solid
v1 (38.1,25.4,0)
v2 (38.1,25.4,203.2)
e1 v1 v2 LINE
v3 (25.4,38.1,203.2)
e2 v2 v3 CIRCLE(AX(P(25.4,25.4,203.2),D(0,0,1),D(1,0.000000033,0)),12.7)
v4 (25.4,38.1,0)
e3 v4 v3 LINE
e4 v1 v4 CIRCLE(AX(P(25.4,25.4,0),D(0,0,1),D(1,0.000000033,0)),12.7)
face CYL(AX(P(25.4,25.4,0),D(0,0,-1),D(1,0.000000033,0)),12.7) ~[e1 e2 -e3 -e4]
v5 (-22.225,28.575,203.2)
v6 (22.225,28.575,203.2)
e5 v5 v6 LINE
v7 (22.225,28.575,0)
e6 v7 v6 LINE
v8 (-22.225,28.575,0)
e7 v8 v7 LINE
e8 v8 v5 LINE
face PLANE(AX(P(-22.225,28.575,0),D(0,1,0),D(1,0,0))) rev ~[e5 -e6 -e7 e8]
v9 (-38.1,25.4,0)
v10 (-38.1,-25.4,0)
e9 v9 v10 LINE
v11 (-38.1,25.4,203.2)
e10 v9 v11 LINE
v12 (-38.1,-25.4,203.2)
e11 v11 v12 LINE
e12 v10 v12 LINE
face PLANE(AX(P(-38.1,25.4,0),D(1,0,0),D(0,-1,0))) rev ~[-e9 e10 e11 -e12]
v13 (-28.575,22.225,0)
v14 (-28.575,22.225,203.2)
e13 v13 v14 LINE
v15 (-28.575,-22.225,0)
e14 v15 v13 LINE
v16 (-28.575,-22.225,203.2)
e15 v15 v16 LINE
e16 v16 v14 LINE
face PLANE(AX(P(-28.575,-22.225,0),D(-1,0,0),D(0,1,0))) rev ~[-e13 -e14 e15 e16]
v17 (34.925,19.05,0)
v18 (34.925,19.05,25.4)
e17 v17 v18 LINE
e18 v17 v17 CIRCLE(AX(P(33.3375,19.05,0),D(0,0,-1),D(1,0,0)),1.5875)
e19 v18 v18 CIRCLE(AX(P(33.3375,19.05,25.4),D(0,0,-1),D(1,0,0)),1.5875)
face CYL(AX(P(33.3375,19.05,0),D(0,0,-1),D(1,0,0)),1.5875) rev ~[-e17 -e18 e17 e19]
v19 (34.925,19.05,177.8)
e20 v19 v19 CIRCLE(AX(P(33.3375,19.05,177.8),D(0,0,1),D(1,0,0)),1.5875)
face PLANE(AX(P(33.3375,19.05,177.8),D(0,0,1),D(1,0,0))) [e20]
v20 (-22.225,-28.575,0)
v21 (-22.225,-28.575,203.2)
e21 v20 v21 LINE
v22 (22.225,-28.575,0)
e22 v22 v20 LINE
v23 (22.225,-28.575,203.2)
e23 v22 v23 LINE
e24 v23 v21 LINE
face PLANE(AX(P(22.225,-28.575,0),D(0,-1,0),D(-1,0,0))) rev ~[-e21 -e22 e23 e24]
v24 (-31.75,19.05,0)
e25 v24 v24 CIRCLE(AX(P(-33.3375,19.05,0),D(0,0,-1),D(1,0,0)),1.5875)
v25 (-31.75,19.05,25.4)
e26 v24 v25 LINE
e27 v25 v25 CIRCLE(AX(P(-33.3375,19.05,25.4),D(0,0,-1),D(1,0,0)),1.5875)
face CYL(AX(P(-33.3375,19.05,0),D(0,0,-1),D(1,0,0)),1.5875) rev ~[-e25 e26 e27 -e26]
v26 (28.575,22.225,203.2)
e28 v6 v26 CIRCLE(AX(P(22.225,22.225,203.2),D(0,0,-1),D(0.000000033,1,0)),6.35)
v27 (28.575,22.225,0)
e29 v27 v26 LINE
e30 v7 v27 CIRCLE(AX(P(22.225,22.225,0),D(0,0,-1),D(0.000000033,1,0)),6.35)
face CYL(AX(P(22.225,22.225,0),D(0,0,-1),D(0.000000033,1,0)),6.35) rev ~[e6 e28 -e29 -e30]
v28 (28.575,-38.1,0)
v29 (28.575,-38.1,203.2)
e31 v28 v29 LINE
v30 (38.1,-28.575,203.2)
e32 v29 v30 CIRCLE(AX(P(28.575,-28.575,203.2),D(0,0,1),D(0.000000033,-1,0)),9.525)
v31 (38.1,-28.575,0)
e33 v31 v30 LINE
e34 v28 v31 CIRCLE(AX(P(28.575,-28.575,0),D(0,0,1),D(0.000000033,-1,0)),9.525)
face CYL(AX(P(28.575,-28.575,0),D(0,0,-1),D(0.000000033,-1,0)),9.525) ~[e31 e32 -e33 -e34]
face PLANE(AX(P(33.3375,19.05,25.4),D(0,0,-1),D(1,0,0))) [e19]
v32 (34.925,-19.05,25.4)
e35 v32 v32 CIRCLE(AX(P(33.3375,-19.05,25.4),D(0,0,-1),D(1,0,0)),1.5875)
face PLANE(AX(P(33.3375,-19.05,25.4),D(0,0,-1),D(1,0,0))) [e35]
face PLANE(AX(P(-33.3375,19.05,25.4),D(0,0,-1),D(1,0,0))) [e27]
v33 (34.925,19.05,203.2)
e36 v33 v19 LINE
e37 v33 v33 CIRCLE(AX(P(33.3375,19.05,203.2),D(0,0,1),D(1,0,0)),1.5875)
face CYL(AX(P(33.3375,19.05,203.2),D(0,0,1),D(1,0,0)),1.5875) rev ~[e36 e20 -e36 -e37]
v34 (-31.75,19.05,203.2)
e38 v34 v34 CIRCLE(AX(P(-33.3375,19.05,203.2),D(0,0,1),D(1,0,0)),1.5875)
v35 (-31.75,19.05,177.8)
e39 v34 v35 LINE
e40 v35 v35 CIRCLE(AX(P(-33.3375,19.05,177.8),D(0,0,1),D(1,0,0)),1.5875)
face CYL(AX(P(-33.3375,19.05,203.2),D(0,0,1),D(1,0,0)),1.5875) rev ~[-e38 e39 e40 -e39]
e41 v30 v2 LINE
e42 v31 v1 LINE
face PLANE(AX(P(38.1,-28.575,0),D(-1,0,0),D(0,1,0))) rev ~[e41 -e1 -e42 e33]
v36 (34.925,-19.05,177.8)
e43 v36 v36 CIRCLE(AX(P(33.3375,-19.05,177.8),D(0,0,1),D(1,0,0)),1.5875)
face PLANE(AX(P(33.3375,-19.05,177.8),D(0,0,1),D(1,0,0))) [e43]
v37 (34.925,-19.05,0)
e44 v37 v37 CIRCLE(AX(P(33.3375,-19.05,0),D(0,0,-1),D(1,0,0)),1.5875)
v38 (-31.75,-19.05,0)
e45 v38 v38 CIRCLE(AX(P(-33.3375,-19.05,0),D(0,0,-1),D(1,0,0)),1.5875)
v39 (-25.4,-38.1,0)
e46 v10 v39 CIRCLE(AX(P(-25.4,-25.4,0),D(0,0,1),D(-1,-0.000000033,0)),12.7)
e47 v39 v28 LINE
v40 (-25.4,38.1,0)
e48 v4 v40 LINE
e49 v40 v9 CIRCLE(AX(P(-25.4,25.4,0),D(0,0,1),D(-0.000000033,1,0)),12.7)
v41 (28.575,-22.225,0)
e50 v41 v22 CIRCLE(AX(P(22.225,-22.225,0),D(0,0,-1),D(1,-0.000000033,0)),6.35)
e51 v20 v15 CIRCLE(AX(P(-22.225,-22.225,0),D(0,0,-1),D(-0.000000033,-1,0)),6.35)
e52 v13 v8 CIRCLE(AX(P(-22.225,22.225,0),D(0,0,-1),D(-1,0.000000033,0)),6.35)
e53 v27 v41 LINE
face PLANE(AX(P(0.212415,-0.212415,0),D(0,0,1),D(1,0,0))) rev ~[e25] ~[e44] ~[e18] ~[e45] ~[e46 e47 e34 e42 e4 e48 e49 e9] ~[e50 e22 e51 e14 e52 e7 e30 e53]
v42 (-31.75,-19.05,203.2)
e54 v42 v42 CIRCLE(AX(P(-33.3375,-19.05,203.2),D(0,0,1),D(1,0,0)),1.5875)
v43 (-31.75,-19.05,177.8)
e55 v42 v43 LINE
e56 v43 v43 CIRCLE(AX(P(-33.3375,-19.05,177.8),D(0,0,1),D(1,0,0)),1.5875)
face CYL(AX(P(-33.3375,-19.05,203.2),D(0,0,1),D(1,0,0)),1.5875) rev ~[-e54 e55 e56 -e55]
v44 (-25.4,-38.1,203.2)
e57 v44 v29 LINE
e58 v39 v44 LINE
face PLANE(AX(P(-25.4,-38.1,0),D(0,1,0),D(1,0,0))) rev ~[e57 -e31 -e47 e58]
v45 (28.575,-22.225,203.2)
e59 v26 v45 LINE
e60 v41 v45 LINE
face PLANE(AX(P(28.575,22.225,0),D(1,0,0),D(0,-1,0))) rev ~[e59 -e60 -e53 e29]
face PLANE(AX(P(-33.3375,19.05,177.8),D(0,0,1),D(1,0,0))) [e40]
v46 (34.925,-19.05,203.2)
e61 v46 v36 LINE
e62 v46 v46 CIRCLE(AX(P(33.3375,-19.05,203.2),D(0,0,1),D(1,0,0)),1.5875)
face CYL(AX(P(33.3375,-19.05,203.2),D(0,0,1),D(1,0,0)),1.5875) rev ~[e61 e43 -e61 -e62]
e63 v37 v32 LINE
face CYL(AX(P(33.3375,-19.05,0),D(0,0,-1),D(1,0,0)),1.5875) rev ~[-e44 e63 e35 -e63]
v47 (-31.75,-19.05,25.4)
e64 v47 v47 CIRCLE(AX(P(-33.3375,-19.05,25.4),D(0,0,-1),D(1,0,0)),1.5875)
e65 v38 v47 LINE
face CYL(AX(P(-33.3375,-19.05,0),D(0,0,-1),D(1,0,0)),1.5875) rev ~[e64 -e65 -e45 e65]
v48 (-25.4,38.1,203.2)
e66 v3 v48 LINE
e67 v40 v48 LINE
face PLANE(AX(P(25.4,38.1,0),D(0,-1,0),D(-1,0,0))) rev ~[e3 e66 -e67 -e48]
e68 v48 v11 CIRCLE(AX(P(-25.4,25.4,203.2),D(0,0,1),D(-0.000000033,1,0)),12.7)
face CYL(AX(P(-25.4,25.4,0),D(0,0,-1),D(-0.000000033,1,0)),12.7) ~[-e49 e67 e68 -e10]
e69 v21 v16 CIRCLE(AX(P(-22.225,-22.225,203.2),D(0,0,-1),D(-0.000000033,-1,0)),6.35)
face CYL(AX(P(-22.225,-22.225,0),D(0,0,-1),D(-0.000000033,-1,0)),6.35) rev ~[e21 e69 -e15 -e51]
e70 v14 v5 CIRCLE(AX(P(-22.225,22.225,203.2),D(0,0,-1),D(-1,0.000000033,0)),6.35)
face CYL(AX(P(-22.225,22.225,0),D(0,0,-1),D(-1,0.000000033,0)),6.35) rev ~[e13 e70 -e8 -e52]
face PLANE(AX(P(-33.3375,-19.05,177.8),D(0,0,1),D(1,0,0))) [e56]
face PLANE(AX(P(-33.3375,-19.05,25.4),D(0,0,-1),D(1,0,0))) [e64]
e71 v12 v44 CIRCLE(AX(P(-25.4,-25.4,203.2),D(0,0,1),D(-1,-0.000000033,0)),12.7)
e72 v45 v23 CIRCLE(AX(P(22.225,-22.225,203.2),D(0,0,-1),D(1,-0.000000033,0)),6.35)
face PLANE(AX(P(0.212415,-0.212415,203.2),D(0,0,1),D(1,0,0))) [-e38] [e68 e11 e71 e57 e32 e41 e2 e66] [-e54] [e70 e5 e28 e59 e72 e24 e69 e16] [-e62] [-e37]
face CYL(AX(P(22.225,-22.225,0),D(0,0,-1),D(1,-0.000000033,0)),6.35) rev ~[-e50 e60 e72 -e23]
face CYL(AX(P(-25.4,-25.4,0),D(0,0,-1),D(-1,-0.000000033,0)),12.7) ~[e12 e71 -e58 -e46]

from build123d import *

# Parameters (mm, degrees)
F1_DEPTH = 203.2
F2_R     = 1.5875
F3_DEPTH = 25.4
F4_R     = 1.5875
F5_DEPTH = 25.4


with BuildPart() as f1:
    # F0 (on Top) → F1 (new body)
    with BuildSketch(Plane.XY):
        with BuildLine():
            Line((-25.4, -38.1), (28.575, -38.1))
            ThreePointArc((28.575, -38.1), (35.310192, -35.310192), (38.1, -28.575))
            Line((38.1, -28.575), (38.1, 25.4))
            ThreePointArc((38.1, 25.4), (34.380256, 34.380256), (25.4, 38.1))
            Line((25.4, 38.1), (-25.4, 38.1))
            ThreePointArc((-25.4, 38.1), (-34.380256, 34.380256), (-38.1, 25.4))
            Line((-38.1, 25.4), (-38.1, -25.4))
            ThreePointArc((-38.1, -25.4), (-34.380256, -34.380256), (-25.4, -38.1))
        make_face()
        with BuildLine():
            ThreePointArc((28.575, -22.225), (26.715128, -26.715128), (22.225, -28.575))
            Line((22.225, -28.575), (-22.225, -28.575))
            ThreePointArc((-22.225, -28.575), (-26.715128, -26.715128), (-28.575, -22.225))
            Line((-28.575, -22.225), (-28.575, 22.225))
            ThreePointArc((-28.575, 22.225), (-26.715128, 26.715128), (-22.225, 28.575))
            Line((-22.225, 28.575), (22.225, 28.575))
            ThreePointArc((22.225, 28.575), (26.715128, 26.715128), (28.575, 22.225))
            Line((28.575, 22.225), (28.575, -22.225))
        make_face(mode=Mode.SUBTRACT)
    extrude(amount=F1_DEPTH)

    # F2 (on face) → F3 (cut)
    with BuildSketch(Plane.XY.offset(203.2)):
        with Locations((-33.3375, 19.05)):
            Circle(F2_R)
        with Locations((-33.3375, -19.05)):
            Circle(F2_R)
        with Locations((33.3375, -19.05)):
            Circle(F2_R)
        with Locations((33.3375, 19.05)):
            Circle(F2_R)
    extrude(amount=-F3_DEPTH, mode=Mode.SUBTRACT)

    # F4 (on face) → F5 (cut)
    with BuildSketch(Plane(origin=(0, 0, 0), x_dir=(1, 0, 0), z_dir=(0, 0, -1))):
        with Locations((-33.3375, 19.05)):
            Circle(F4_R)
        with Locations((-33.3375, -19.05)):
            Circle(F4_R)
        with Locations((33.3375, 19.05)):
            Circle(F4_R)
        with Locations((33.3375, -19.05)):
            Circle(F4_R)
    extrude(amount=-F5_DEPTH, mode=Mode.SUBTRACT)


solid = f1.part
